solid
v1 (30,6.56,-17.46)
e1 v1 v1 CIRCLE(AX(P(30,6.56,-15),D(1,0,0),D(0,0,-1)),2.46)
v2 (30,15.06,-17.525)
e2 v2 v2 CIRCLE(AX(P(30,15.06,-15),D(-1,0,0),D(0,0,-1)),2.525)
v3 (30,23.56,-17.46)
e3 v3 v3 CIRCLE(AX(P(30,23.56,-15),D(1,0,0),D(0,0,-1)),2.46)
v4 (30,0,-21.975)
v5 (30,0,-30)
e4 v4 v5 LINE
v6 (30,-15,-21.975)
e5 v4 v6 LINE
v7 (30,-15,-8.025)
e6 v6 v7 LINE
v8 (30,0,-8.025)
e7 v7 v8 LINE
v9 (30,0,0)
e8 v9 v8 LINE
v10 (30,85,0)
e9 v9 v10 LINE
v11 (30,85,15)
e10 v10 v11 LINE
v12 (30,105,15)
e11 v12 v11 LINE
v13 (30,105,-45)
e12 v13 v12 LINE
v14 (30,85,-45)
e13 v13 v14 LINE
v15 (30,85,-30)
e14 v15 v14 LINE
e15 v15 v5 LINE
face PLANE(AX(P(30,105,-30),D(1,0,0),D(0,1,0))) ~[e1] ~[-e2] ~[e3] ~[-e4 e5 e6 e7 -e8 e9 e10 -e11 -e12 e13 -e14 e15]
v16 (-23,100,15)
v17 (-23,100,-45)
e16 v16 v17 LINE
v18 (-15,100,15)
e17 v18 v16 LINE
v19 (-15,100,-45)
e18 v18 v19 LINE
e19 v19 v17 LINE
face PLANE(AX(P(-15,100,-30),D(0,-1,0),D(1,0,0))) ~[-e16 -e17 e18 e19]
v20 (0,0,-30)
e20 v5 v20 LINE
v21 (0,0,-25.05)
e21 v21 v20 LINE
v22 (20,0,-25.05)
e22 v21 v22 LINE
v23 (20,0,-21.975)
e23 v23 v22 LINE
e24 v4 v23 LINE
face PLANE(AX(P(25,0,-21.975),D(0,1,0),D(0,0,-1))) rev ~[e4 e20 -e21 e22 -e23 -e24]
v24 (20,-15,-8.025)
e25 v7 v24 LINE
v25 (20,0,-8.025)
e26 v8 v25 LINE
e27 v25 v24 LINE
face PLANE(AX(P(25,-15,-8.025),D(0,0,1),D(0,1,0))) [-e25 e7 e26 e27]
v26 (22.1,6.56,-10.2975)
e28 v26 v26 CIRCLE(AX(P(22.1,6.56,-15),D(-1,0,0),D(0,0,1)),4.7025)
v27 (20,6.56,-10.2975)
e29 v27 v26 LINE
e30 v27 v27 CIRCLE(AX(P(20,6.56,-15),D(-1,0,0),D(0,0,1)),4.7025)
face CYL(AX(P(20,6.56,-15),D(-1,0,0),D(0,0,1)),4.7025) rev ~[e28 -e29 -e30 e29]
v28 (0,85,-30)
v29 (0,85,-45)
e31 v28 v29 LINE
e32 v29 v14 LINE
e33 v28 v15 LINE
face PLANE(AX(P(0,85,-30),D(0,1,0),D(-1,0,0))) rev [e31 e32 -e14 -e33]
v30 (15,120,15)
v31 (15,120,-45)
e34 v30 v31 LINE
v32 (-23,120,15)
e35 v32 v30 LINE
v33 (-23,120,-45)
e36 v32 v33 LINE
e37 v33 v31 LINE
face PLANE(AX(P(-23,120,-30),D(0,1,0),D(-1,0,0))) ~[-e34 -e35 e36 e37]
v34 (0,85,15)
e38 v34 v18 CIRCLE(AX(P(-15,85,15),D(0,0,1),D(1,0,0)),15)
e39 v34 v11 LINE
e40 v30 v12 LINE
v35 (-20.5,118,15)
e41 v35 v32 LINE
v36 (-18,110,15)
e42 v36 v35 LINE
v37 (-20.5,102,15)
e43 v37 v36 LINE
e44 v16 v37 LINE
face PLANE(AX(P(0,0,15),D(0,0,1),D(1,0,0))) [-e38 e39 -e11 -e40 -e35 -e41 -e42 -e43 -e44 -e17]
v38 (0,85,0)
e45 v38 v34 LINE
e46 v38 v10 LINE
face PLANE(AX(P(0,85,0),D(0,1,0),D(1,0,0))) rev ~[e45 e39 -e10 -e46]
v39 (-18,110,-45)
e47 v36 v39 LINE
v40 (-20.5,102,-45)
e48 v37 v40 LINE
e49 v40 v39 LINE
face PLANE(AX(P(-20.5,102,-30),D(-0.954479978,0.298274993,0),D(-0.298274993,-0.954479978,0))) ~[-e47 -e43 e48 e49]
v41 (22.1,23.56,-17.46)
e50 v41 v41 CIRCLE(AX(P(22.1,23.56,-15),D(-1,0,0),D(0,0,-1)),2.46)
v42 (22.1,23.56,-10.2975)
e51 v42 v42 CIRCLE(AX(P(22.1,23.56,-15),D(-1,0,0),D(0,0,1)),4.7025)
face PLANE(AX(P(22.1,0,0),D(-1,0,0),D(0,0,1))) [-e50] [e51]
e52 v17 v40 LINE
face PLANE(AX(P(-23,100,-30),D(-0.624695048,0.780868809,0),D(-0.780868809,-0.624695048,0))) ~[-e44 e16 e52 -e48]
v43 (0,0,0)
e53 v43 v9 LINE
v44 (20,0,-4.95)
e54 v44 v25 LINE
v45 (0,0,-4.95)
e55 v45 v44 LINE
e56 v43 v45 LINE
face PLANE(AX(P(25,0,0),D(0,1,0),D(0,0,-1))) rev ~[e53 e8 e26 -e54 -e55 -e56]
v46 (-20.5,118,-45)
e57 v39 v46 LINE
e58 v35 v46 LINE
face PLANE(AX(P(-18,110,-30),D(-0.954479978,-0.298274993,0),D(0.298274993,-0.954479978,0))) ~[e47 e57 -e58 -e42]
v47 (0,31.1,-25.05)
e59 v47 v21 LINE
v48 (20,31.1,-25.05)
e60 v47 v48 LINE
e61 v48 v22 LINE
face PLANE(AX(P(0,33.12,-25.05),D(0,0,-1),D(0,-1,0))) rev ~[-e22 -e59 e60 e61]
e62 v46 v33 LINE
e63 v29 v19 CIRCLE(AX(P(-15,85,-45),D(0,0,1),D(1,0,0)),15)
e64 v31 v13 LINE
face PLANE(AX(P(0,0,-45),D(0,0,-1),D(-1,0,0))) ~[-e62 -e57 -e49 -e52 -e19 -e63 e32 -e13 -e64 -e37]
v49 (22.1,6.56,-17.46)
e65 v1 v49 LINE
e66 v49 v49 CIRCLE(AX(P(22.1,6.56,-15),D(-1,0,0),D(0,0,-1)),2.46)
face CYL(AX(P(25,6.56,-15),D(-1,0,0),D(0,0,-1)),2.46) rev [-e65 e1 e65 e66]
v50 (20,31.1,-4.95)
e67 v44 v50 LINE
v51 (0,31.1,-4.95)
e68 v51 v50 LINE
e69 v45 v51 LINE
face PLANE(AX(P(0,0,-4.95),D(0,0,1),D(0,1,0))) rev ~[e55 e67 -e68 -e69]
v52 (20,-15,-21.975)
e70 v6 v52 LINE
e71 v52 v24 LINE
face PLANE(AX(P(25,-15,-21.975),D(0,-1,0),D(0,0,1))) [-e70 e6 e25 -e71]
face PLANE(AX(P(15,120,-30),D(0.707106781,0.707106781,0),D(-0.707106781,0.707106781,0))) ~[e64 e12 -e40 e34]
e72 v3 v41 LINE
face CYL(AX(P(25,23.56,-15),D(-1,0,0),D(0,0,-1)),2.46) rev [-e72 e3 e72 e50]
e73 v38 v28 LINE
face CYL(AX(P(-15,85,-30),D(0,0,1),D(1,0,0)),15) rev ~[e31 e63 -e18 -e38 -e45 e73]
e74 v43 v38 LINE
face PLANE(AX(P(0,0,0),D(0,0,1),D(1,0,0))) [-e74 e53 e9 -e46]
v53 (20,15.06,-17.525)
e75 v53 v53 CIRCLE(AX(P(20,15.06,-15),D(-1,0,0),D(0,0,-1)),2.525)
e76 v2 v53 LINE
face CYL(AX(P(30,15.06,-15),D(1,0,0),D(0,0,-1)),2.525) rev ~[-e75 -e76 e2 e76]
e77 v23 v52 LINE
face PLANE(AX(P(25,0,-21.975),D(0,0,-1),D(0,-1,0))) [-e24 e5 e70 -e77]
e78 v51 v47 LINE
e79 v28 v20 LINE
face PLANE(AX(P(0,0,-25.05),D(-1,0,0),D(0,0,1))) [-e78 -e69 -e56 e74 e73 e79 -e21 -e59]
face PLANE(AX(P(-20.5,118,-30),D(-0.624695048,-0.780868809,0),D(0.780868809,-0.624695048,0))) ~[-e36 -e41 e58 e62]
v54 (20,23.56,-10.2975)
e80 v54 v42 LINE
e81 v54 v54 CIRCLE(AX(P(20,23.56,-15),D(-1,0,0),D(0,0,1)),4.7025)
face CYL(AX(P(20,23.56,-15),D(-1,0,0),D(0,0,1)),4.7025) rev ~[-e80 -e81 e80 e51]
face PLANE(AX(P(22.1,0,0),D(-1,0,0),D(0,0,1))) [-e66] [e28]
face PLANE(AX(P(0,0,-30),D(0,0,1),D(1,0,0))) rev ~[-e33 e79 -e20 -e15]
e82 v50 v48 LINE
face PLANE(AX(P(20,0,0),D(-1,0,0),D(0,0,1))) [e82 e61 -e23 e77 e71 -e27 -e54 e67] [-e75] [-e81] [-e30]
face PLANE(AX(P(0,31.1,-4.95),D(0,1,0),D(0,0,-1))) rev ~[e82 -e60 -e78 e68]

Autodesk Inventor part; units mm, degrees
ref_plane "YZ Plane" through (0, 0, 0) normal (1, 0, 0) x (0, 1, 0)
ref_plane "XZ Plane" through (0, 0, 0) normal (0, 1, 0) x (-1, 0, 0)
sketch "Sketch1" plane through (0, 0, 0) normal (0, 0, 1) x (1, 0, 0)
  line L0 (0, 0) -> (25, 0)
  line L1 (25, 0) -> (25, 40)
  line L2 (25, 40) -> (0, 40)
  line L3 (0, 40) -> (0, 0)
  dimension "d1" = 25
  dimension "d2" = 40
  dimension "d3" = 25
extrude "Extrusion1" add sketch "Sketch1" against normal blind 30
sketch "Sketch2" plane through (25, 0, 0) normal (1, 0, 0) x (0, 0, -1)
  line L0 (0, 0) -> (30, 0) projected
  circle A0 centre (15, 6.56) radius 2.46
extrude "Extrusion2" cut sketch "Sketch2" against normal blind 30
sketch "Sketch3" plane through (0, 0, 0) normal (-1, 0, 0) x (0, 0, 1)
  line L0 (0, 0) -> (-30, 0) projected
  line L1 (-25.05, 0) -> (-4.95, 0)
  line L2 (-4.95, 0) -> (-4.95, 33.12)
  line L3 (-4.95, 33.12) -> (-25.05, 33.12)
  line L4 (-25.05, 33.12) -> (-25.05, 0)
  dimension "d11" = 20.1
extrude "Extrusion3" cut sketch "Sketch3" against normal blind 20
sketch "Sketch4" plane through (0, 0, 0) normal (0, -1, 0) x (1, 0, 0)
  line L0 (20, -4.95) -> (20, -25.05) projected
  line L1 (20, -15) -> (25, -15)
  line L2 (25, 0) -> (25, -30) projected
  line L3 (20, -8.025) -> (25, -8.025)
  line L4 (25, -8.025) -> (25, -21.975)
  line L5 (25, -21.975) -> (20, -21.975)
  line L6 (20, -21.975) -> (20, -8.025)
  line L7 (20, -8.025) -> (25, -21.975) construction
  line L8 (25, -8.025) -> (20, -21.975) construction
  line L9 (25, -12.54) -> (25, -17.46) projected
  point P0 (0, 0)
  point P1 (22.5, -15)
  dimension "d14" = 13.95
extrude "Extrusion4" add sketch "Sketch4" along normal blind 15
sketch "Sketch5" plane through (20, 0, 0) normal (-1, 0, 0) x (0, 0, 1)
  circle A0 centre (-15, 6.56) radius 2.46 projected
  circle A1 centre (-15, 6.56) radius 4.7025
  circle A2 centre (-15, 6.56) radius 2.46 projected
  circle A3 centre (-15, 6.56) radius 2.46
  point P0 (0, 0)
  dimension "d17" = 9.405
extrude "Extrusion5" cut sketch "Sketch5" against normal blind 2.1
sketch "Sketch6" plane through (25, 0, 0) normal (1, 0, 0) x (0, 0, -1)
  circle A0 centre (15, 6.56) radius 4.7025 projected
  line L0 (15, 6.56) -> (15, 23.56)
  circle A1 centre (15, 23.56) radius 2.46
  point P0 (0, 0)
  dimension "d20" = 17
  dimension "d21" = 4.92
extrude "Extrusion6" cut sketch "Sketch6" against normal blind 10 contours A1
sketch "Sketch7" plane through (20, 0, 0) normal (-1, 0, 0) x (0, 0, 1)
  circle A0 centre (-15, 23.56) radius 2.46 projected
  circle A1 centre (-15, 23.56) radius 4.7025
  point P0 (0, 0)
  dimension "d24" = 9.405
extrude "Extrusion7" cut sketch "Sketch7" against normal blind 2.1
sketch "Sketch9" plane through (25, 0, 0) normal (1, 0, 0) x (0, 0, -1)
  circle A0 centre (15, 6.56) radius 2.46 projected
  circle A1 centre (15, 6.56) radius 2.46
  circle A2 centre (15, 23.56) radius 2.46 projected
  circle A3 centre (15, 23.56) radius 2.46
  line L0 (30, 40) -> (30, 0) projected
  line L1 (30, 0) -> (30, 40)
  line L2 (30, 40) -> (0, 40)
  line L3 (0, 40) -> (0, 0)
  line L4 (0, 0) -> (8.025, 0) projected
  line L5 (21.975, 0) -> (21.975, -15)
  line L6 (21.975, -15) -> (8.025, -15)
  line L7 (8.025, -15) -> (8.025, 0)
  line L8 (0, 0) -> (8.025, 0)
  line L9 (21.975, 0) -> (30, 0)
extrude "Extrusion8" add sketch "Sketch9" along normal blind 5
sketch "Sketch10" plane through (0, 40, 0) normal (0, 1, 0) x (1, 0, 0)
  line L0 (0, 30) -> (30, 30) projected
  line L1 (30, 0) -> (0, 0) projected
  line L2 (0, 30) -> (30, 30)
  line L3 (30, 30) -> (30, 0)
  line L4 (30, 0) -> (0, 0)
  line L5 (0, 0) -> (0, 30)
extrude "Extrusion9" add sketch "Sketch10" along normal blind 30
sketch "Sketch12" plane through (30, 0, 0) normal (1, 0, 0) x (0, 0, -1)
  circle A0 centre (15, 6.56) radius 2.46 projected
  line L0 (15, 6.56) -> (15, 15.06)
  circle A1 centre (15, 15.06) radius 2.525
  point P0 (0, 0)
  dimension "d31" = 8.5
  dimension "d33" = 5.05
extrude "Extrusion10" cut sketch "Sketch12" against normal blind 30 contours A1
sketch "Sketch14" plane through (0, 0, 0) normal (0, 0, 1) x (1, 0, 0)
  line L0 (30, 70) -> (0, 70) projected
  line L1 (0, 70) -> (0, 85)
  line L2 (-15, 100) -> (-23, 100)
  line L3 (30, 0) -> (30, 70) projected
  line L4 (30, 100) -> (30, 70)
  arc A0 (0, 85) -> (-15, 100) centre (-15, 85) ccw
  line L5 (-23, 120) -> (15, 120)
  line L6 (-20.5, 118) -> (-18, 110)
  line L7 (-20.5, 118) -> (-23, 120)
  line L8 (-20.5, 102) -> (-18, 110)
  line L9 (-20.5, 102) -> (-23, 100)
  line L10 (30, 105) -> (15, 120)
  line L11 (30, 105) -> (30, 100)
  point P0 (0, 0)
  point P1 (0, 100)
  dimension "d47" = 30
  dimension "d54" = 15
  dimension "d60" = 20
extrude "Extrusion12" add sketch "Sketch14" against normal blind 30
sketch "Sketch15" plane through (0, 0, -25.05) normal (-1, 0, 0) x (0, 0, 1)
  line L0 (0, 33.12) -> (20.1, 33.12) projected
  line L1 (20.1, 33.12) -> (20.1, 0) projected
  line L2 (0, 33.12) -> (20.1, 33.12)
  line L3 (20.1, 33.12) -> (20.1, 31.1)
  line L4 (20.1, 31.1) -> (0, 31.1)
  line L5 (0, 31.1) -> (0, 33.12)
  point P0 (25.05, 0)
  dimension "d57" = 2.02
extrude "Extrusion13" add sketch "Sketch15" against normal blind 20
sketch "Sketch19" plane through (0, 0, 0) normal (0, 0, 1) x (1, 0, 0)
  arc A0 (0, 85) -> (-15, 100) centre (-15, 85) ccw projected
  arc A1 (0, 85) -> (-15, 100) centre (-15, 85) ccw
  line L0 (-15, 100) -> (-23, 100) projected
  line L1 (-15, 100) -> (-23, 100)
  line L2 (-23, 100) -> (-20.5, 102) projected
  line L3 (-23, 100) -> (-20.5, 102)
  line L4 (-20.5, 102) -> (-18, 110) projected
  line L5 (-20.5, 102) -> (-18, 110)
  line L6 (-18, 110) -> (-20.5, 118) projected
  line L7 (-18, 110) -> (-20.5, 118)
  line L8 (-23, 120) -> (15, 120) projected
  line L9 (-20.5, 118) -> (-23, 120)
  line L10 (-23, 120) -> (15, 120)
  line L11 (15, 120) -> (30, 105) projected
  line L12 (15, 120) -> (30, 105)
  line L13 (30, 105) -> (30, 85)
  line L14 (30, 0) -> (30, 105) projected
  line L15 (0, 85) -> (30, 85)
  point P0 (0, 0)
extrude "Extrusion14" add sketch "Sketch19" along normal blind 15
ref_plane "Work Plane1" through (0, 0, -15) normal (0, 0, 1) x (1, 0, 0)
mirror "Mirror1" about plane through (0, 0, -15) normal (0, 0, 1) of "Extrusion14"
properties part number "16mm_x_60mm"
